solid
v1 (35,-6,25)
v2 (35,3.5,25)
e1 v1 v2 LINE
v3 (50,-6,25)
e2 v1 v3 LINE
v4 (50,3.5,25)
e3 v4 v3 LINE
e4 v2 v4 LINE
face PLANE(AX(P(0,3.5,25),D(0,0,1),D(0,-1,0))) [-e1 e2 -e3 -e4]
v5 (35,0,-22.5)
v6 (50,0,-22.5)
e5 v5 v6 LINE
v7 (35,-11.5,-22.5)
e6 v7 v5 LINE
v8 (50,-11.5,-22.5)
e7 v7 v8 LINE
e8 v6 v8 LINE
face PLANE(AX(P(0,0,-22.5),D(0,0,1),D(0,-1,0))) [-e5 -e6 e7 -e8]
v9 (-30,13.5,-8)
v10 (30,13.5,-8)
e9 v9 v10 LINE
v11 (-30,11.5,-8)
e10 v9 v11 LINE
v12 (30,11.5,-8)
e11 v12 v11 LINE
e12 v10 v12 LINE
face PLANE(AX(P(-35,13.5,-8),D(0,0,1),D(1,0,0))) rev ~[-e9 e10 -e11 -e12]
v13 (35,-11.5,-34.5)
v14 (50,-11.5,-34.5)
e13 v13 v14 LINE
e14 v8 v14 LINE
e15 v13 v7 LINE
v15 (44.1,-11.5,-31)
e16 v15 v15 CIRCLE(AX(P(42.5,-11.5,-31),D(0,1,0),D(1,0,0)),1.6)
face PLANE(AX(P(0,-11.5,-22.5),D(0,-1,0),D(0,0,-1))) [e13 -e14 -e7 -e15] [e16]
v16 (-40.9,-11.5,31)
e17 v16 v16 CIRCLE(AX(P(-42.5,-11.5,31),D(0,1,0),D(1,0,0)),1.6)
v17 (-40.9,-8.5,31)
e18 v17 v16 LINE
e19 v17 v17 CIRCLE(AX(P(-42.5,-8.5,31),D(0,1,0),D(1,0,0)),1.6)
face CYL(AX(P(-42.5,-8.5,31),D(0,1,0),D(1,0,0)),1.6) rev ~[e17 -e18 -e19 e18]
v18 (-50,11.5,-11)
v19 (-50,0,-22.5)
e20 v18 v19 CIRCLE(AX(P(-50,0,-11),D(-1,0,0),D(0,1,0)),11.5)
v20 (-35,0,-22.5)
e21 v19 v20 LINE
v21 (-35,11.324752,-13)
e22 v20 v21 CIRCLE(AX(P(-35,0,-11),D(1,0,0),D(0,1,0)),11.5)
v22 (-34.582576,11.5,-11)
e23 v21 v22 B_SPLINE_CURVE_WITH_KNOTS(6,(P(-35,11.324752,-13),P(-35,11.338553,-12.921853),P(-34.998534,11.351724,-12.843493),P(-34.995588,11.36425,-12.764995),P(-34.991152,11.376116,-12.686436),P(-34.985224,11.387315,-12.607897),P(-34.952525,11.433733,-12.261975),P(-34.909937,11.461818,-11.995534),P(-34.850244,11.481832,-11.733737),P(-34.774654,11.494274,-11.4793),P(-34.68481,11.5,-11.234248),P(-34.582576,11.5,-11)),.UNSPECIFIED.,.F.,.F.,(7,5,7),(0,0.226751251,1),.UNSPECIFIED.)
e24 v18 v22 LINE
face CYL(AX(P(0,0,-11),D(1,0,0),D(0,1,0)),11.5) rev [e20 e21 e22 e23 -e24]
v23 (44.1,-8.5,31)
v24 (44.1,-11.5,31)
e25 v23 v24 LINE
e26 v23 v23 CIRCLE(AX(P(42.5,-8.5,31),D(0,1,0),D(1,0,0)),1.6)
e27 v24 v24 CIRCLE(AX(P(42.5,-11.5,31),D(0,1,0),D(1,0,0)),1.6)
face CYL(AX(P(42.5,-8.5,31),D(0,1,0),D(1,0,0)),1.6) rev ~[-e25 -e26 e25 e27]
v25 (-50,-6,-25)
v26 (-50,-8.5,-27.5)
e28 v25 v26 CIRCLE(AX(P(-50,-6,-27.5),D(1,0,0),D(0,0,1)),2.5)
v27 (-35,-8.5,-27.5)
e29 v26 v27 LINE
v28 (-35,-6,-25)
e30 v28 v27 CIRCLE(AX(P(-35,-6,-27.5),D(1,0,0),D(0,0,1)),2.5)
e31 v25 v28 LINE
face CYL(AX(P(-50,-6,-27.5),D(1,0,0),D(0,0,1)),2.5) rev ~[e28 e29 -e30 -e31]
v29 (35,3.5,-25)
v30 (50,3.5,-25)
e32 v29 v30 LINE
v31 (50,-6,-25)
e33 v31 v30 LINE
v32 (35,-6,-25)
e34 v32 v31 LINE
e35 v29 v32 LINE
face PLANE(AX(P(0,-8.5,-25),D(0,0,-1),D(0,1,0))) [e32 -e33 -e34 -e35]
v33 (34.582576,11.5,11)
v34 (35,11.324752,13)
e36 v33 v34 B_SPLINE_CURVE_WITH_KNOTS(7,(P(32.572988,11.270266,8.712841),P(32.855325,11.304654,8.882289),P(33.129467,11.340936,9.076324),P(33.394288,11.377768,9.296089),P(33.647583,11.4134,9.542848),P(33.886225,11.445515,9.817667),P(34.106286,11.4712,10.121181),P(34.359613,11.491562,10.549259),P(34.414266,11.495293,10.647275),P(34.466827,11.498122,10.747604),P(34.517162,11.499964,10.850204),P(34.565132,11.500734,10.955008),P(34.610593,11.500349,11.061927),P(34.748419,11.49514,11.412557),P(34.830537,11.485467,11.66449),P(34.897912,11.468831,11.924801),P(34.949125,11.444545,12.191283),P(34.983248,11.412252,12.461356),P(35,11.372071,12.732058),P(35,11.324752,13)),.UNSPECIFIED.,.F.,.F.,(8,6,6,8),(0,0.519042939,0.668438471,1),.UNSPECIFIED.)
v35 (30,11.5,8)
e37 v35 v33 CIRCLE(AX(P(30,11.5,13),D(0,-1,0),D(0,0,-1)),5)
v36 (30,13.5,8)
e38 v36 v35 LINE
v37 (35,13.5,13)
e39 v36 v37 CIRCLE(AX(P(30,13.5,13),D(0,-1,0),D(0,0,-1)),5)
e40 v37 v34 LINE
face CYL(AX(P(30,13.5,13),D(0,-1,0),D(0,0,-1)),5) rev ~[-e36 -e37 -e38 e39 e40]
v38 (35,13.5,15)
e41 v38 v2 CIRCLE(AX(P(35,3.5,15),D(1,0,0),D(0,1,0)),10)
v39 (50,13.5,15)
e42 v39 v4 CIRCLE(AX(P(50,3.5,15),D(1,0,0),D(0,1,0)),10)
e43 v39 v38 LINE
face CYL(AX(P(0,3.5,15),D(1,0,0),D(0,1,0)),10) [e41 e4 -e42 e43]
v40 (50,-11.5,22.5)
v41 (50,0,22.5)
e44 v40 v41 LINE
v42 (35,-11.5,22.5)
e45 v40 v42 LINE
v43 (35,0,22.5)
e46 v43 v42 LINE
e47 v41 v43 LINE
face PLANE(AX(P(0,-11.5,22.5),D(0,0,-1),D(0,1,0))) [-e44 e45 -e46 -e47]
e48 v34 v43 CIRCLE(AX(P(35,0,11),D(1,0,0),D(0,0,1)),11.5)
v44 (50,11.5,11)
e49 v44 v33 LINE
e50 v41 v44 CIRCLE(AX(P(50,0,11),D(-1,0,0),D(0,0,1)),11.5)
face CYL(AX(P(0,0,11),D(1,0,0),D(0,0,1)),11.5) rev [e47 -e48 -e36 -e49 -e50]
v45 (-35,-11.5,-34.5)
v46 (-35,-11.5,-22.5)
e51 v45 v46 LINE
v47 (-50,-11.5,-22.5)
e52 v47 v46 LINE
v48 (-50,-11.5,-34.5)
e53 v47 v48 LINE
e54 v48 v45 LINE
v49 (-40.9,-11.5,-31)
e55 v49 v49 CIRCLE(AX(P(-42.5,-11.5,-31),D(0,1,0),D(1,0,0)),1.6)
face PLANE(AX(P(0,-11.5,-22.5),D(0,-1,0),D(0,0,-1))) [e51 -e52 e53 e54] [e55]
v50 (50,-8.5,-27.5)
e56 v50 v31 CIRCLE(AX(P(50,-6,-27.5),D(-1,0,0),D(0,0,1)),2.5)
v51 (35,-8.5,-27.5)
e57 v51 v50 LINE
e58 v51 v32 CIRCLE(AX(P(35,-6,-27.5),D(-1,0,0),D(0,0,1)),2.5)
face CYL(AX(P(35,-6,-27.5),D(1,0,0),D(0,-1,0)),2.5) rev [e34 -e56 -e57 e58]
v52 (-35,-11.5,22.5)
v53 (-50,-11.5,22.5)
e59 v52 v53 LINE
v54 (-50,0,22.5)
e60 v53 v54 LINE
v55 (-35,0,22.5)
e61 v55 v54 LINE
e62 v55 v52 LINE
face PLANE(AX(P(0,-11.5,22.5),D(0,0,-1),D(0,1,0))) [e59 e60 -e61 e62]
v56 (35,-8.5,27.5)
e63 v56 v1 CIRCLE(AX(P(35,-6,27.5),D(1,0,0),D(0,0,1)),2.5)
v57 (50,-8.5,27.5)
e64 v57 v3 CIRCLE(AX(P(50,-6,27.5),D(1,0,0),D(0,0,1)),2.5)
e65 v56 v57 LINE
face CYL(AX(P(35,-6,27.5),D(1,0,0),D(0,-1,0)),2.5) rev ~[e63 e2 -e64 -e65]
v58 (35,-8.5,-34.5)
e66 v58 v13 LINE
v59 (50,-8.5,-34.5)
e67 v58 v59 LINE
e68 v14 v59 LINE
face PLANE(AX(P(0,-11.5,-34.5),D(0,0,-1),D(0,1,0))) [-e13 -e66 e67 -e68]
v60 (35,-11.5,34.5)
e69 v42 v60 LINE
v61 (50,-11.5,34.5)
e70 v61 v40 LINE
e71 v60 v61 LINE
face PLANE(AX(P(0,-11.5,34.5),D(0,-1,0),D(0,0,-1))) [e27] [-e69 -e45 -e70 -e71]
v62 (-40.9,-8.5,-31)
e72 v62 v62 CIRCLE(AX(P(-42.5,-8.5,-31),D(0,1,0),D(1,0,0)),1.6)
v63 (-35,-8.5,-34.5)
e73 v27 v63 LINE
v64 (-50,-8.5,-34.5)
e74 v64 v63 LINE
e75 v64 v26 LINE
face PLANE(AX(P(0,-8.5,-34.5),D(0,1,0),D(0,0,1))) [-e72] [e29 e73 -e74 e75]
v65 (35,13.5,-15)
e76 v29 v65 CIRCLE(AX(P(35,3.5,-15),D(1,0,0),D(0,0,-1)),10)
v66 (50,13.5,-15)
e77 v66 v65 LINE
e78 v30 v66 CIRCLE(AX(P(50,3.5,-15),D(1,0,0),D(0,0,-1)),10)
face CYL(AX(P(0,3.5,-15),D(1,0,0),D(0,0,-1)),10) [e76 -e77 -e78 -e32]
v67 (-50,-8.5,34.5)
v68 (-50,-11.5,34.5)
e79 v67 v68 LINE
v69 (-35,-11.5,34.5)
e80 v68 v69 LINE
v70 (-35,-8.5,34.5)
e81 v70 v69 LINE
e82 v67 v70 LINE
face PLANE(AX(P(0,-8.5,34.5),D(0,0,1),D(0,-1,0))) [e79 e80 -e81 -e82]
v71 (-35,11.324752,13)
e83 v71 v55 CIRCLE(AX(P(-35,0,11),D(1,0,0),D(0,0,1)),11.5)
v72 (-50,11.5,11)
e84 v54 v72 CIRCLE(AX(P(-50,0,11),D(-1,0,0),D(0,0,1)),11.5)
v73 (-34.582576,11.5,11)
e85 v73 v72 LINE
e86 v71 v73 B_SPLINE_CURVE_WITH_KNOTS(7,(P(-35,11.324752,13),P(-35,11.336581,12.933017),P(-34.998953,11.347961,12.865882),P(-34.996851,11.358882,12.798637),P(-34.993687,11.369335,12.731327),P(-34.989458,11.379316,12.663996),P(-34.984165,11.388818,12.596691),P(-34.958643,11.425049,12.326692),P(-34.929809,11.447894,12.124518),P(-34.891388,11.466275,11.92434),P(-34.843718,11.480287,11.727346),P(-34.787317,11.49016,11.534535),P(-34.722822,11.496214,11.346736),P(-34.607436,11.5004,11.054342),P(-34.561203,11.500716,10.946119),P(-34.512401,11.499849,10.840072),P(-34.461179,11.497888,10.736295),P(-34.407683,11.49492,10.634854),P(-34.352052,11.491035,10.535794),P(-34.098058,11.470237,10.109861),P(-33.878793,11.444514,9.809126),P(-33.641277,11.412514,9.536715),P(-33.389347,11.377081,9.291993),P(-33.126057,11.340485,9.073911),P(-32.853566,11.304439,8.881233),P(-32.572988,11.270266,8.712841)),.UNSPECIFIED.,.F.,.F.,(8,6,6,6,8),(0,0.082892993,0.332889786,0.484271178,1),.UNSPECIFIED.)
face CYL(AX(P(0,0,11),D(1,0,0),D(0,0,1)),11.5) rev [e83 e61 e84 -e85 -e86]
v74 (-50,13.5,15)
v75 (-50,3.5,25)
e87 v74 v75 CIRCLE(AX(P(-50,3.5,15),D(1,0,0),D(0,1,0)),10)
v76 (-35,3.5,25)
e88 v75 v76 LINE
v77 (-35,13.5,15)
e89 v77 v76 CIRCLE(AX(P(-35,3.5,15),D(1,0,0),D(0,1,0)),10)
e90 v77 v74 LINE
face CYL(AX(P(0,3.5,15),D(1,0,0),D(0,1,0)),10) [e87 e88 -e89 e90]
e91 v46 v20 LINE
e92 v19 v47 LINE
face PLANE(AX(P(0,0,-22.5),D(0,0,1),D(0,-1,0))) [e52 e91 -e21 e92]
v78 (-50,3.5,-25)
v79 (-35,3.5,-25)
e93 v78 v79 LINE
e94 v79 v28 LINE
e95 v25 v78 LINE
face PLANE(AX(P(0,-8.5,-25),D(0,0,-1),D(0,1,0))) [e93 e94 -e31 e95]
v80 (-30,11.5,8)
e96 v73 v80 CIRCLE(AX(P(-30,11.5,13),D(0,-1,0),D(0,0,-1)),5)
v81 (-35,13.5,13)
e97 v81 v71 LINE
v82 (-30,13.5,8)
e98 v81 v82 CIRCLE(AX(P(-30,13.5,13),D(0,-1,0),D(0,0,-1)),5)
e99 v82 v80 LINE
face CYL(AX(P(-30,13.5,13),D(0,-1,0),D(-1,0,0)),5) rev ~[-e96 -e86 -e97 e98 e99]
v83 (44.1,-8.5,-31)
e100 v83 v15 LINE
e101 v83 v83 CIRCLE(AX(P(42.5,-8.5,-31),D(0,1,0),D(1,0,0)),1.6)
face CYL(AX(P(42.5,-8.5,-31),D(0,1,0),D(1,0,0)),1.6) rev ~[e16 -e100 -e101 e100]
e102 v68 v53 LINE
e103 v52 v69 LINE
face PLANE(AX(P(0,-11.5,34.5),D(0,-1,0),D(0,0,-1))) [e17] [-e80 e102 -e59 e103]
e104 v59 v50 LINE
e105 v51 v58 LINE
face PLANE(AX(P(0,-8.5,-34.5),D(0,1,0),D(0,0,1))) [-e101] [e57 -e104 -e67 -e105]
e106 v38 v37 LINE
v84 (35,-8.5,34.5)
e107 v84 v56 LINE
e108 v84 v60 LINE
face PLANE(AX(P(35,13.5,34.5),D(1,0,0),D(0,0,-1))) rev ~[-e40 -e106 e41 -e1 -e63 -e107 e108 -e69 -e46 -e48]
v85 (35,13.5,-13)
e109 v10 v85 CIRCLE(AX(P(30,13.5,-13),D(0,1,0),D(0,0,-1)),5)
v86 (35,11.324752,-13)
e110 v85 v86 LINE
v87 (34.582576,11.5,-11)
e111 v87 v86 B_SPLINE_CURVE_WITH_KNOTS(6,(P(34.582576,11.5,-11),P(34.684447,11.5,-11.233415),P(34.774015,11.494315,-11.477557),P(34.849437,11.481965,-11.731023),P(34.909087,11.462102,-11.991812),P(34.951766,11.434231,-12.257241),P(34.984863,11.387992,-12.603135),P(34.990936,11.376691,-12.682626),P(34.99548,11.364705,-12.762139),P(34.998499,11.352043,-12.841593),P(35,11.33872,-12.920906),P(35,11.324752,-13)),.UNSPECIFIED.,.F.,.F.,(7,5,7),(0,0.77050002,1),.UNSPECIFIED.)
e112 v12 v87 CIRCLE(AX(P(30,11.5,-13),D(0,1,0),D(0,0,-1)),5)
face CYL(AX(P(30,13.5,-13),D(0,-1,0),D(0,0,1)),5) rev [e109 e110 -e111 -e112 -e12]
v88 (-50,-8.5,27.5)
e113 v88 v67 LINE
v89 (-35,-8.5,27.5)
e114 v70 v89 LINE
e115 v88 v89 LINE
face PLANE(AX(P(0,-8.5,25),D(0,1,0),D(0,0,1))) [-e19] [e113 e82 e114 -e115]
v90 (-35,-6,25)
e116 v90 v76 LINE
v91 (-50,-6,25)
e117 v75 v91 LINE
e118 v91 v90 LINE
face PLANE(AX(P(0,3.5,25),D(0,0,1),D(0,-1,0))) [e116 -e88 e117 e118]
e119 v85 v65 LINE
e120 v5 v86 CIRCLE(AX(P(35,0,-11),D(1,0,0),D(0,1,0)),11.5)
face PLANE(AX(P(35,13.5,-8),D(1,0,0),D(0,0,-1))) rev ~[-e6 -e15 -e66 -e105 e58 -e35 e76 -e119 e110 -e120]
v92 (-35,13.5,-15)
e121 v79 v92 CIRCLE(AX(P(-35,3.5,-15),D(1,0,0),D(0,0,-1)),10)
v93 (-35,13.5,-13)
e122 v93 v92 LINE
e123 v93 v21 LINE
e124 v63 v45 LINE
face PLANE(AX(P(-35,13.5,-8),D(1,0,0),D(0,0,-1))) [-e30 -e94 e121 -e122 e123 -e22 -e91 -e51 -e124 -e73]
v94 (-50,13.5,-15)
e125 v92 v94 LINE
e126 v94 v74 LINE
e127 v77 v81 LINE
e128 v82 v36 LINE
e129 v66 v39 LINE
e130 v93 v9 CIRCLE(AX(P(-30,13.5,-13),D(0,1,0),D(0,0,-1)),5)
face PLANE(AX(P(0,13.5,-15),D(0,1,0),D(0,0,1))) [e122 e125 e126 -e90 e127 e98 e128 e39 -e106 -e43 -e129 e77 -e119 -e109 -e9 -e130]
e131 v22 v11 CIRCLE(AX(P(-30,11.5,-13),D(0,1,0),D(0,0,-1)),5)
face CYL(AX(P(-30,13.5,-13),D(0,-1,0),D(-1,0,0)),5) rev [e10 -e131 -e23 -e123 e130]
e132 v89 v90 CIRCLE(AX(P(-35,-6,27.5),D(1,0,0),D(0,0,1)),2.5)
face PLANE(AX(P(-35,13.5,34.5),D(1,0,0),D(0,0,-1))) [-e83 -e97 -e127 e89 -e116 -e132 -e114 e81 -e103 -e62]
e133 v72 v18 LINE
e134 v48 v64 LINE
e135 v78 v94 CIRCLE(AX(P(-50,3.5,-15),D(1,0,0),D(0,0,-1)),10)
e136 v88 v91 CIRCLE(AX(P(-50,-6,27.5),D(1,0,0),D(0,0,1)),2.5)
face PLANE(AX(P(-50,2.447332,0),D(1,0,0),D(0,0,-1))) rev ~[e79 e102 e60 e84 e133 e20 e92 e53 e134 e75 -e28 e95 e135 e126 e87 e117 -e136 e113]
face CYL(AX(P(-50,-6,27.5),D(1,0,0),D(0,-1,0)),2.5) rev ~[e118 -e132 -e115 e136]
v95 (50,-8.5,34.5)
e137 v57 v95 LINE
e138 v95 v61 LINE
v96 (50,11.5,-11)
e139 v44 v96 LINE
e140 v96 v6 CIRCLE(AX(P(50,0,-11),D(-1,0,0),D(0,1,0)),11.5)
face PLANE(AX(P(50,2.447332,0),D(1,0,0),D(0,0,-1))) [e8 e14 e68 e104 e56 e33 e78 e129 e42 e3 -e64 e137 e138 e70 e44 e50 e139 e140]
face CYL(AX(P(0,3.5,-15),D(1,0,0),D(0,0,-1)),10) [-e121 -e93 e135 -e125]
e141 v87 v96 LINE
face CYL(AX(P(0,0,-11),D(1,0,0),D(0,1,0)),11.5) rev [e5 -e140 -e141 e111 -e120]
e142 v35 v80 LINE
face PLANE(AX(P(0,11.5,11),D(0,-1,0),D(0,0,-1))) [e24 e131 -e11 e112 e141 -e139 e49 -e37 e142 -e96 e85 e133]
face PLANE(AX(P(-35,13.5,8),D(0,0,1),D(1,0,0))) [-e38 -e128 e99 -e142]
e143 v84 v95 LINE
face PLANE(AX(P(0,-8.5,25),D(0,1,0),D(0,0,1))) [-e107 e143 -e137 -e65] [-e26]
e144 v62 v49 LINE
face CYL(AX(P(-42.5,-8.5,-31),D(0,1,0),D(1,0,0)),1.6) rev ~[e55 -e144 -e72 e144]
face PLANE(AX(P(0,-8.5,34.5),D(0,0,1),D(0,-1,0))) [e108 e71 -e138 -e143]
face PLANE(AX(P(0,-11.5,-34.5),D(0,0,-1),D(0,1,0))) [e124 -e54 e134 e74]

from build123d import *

# Parameters (mm, degrees)
BOSS_EXTRUDE1_DEPTH     = 50
SKETCH2_W               = 70
SKETCH2_H               = 26.5
CUT_EXTRUDE1_DEPTH      = 1
CUT_EXTRUDE1_DEPTH_BACK = 26
FILLET1_R               = 2.5
FILLET2_R               = 5
SKETCH3_R               = 1.6
CUT_EXTRUDE2_DEPTH      = 23.0000001
CUT_EXTRUDE2_DEPTH_BACK = 4


with BuildPart() as part:
    # Sketch1 → Boss-Extrude1 (new body, symmetric)
    with BuildSketch(Plane(origin=(0, 0, 0), x_dir=(0, 0, -1), z_dir=(1, 0, 0))):
        with BuildLine():
            Line((-11, 11.5), (11, 11.5))
            ThreePointArc((11, 11.5), (19.131727984, 8.131727984), (22.5, 0))
            Line((22.5, 0), (22.5, -11.5))
            Line((22.5, -11.5), (34.5, -11.5))
            Line((34.5, -11.5), (34.5, -8.5))
            Line((34.5, -8.5), (25, -8.5))
            Line((25, -8.5), (25, 0))
            Line((25, 0), (25, 3.5))
            ThreePointArc((25, 3.5), (22.071067812, 10.571067812), (15, 13.5))
            Line((15, 13.5), (-15, 13.5))
            ThreePointArc((-15, 13.5), (-22.071067812, 10.571067812), (-25, 3.5))
            Line((-25, 3.5), (-25, 0))
            Line((-25, 0), (-25, -8.5))
            Line((-25, -8.5), (-34.5, -8.5))
            Line((-34.5, -8.5), (-34.5, -11.5))
            Line((-34.5, -11.5), (-22.5, -11.5))
            Line((-22.5, -11.5), (-22.5, 0))
            ThreePointArc((-22.5, 0), (-19.131727984, 8.131727984), (-11, 11.5))
        make_face()
    extrude(amount=BOSS_EXTRUDE1_DEPTH, both=True)

    # Sketch2 → Cut-Extrude1 (cut, two sides)
    with BuildSketch(Plane(origin=(0, 13.5, 0), x_dir=(1, 0, 0), z_dir=(0, 1, 0))) as cut_extrude1_sk:
        with Locations((0, 21.25)):
            Rectangle(SKETCH2_W, SKETCH2_H)
        with Locations((0, -21.25)):
            Rectangle(SKETCH2_W, SKETCH2_H)
    extrude(amount=CUT_EXTRUDE1_DEPTH, mode=Mode.SUBTRACT)
    extrude(cut_extrude1_sk.sketch, amount=-CUT_EXTRUDE1_DEPTH_BACK, mode=Mode.SUBTRACT)

    # Fillet1
    fillet1_edges = [part.edges().sort_by_distance(p)[0] for p in [
        (42.5, -8.5, 25),
        (42.5, -8.5, -25),
        (-42.5, -8.5, 25),
        (-42.5, -8.5, -25),
    ]]
    fillet(fillet1_edges, radius=FILLET1_R)

    # Fillet2
    fillet2_edges = [part.edges().sort_by_distance(p)[0] for p in [
        (35, 12.5, -8),
        (35, 12.5, 8),
        (-35, 12.5, 8),
        (-35, 12.5, -8),
    ]]
    fillet(fillet2_edges, radius=FILLET2_R)

    # Sketch3 → Cut-Extrude2 (cut, two sides)
    with BuildSketch(Plane(origin=(0, -8.5, 0), x_dir=(1, 0, 0), z_dir=(0, 1, 0))) as cut_extrude2_sk:
        with Locations((42.5, -31)):
            Circle(SKETCH3_R)
        with Locations((42.5, 31)):
            Circle(SKETCH3_R)
        with Locations((-42.5, 31)):
            Circle(SKETCH3_R)
        with Locations((-42.5, -31)):
            Circle(SKETCH3_R)
    extrude(amount=CUT_EXTRUDE2_DEPTH, mode=Mode.SUBTRACT)
    extrude(cut_extrude2_sk.sketch, amount=-CUT_EXTRUDE2_DEPTH_BACK, mode=Mode.SUBTRACT)


solid = part.part
